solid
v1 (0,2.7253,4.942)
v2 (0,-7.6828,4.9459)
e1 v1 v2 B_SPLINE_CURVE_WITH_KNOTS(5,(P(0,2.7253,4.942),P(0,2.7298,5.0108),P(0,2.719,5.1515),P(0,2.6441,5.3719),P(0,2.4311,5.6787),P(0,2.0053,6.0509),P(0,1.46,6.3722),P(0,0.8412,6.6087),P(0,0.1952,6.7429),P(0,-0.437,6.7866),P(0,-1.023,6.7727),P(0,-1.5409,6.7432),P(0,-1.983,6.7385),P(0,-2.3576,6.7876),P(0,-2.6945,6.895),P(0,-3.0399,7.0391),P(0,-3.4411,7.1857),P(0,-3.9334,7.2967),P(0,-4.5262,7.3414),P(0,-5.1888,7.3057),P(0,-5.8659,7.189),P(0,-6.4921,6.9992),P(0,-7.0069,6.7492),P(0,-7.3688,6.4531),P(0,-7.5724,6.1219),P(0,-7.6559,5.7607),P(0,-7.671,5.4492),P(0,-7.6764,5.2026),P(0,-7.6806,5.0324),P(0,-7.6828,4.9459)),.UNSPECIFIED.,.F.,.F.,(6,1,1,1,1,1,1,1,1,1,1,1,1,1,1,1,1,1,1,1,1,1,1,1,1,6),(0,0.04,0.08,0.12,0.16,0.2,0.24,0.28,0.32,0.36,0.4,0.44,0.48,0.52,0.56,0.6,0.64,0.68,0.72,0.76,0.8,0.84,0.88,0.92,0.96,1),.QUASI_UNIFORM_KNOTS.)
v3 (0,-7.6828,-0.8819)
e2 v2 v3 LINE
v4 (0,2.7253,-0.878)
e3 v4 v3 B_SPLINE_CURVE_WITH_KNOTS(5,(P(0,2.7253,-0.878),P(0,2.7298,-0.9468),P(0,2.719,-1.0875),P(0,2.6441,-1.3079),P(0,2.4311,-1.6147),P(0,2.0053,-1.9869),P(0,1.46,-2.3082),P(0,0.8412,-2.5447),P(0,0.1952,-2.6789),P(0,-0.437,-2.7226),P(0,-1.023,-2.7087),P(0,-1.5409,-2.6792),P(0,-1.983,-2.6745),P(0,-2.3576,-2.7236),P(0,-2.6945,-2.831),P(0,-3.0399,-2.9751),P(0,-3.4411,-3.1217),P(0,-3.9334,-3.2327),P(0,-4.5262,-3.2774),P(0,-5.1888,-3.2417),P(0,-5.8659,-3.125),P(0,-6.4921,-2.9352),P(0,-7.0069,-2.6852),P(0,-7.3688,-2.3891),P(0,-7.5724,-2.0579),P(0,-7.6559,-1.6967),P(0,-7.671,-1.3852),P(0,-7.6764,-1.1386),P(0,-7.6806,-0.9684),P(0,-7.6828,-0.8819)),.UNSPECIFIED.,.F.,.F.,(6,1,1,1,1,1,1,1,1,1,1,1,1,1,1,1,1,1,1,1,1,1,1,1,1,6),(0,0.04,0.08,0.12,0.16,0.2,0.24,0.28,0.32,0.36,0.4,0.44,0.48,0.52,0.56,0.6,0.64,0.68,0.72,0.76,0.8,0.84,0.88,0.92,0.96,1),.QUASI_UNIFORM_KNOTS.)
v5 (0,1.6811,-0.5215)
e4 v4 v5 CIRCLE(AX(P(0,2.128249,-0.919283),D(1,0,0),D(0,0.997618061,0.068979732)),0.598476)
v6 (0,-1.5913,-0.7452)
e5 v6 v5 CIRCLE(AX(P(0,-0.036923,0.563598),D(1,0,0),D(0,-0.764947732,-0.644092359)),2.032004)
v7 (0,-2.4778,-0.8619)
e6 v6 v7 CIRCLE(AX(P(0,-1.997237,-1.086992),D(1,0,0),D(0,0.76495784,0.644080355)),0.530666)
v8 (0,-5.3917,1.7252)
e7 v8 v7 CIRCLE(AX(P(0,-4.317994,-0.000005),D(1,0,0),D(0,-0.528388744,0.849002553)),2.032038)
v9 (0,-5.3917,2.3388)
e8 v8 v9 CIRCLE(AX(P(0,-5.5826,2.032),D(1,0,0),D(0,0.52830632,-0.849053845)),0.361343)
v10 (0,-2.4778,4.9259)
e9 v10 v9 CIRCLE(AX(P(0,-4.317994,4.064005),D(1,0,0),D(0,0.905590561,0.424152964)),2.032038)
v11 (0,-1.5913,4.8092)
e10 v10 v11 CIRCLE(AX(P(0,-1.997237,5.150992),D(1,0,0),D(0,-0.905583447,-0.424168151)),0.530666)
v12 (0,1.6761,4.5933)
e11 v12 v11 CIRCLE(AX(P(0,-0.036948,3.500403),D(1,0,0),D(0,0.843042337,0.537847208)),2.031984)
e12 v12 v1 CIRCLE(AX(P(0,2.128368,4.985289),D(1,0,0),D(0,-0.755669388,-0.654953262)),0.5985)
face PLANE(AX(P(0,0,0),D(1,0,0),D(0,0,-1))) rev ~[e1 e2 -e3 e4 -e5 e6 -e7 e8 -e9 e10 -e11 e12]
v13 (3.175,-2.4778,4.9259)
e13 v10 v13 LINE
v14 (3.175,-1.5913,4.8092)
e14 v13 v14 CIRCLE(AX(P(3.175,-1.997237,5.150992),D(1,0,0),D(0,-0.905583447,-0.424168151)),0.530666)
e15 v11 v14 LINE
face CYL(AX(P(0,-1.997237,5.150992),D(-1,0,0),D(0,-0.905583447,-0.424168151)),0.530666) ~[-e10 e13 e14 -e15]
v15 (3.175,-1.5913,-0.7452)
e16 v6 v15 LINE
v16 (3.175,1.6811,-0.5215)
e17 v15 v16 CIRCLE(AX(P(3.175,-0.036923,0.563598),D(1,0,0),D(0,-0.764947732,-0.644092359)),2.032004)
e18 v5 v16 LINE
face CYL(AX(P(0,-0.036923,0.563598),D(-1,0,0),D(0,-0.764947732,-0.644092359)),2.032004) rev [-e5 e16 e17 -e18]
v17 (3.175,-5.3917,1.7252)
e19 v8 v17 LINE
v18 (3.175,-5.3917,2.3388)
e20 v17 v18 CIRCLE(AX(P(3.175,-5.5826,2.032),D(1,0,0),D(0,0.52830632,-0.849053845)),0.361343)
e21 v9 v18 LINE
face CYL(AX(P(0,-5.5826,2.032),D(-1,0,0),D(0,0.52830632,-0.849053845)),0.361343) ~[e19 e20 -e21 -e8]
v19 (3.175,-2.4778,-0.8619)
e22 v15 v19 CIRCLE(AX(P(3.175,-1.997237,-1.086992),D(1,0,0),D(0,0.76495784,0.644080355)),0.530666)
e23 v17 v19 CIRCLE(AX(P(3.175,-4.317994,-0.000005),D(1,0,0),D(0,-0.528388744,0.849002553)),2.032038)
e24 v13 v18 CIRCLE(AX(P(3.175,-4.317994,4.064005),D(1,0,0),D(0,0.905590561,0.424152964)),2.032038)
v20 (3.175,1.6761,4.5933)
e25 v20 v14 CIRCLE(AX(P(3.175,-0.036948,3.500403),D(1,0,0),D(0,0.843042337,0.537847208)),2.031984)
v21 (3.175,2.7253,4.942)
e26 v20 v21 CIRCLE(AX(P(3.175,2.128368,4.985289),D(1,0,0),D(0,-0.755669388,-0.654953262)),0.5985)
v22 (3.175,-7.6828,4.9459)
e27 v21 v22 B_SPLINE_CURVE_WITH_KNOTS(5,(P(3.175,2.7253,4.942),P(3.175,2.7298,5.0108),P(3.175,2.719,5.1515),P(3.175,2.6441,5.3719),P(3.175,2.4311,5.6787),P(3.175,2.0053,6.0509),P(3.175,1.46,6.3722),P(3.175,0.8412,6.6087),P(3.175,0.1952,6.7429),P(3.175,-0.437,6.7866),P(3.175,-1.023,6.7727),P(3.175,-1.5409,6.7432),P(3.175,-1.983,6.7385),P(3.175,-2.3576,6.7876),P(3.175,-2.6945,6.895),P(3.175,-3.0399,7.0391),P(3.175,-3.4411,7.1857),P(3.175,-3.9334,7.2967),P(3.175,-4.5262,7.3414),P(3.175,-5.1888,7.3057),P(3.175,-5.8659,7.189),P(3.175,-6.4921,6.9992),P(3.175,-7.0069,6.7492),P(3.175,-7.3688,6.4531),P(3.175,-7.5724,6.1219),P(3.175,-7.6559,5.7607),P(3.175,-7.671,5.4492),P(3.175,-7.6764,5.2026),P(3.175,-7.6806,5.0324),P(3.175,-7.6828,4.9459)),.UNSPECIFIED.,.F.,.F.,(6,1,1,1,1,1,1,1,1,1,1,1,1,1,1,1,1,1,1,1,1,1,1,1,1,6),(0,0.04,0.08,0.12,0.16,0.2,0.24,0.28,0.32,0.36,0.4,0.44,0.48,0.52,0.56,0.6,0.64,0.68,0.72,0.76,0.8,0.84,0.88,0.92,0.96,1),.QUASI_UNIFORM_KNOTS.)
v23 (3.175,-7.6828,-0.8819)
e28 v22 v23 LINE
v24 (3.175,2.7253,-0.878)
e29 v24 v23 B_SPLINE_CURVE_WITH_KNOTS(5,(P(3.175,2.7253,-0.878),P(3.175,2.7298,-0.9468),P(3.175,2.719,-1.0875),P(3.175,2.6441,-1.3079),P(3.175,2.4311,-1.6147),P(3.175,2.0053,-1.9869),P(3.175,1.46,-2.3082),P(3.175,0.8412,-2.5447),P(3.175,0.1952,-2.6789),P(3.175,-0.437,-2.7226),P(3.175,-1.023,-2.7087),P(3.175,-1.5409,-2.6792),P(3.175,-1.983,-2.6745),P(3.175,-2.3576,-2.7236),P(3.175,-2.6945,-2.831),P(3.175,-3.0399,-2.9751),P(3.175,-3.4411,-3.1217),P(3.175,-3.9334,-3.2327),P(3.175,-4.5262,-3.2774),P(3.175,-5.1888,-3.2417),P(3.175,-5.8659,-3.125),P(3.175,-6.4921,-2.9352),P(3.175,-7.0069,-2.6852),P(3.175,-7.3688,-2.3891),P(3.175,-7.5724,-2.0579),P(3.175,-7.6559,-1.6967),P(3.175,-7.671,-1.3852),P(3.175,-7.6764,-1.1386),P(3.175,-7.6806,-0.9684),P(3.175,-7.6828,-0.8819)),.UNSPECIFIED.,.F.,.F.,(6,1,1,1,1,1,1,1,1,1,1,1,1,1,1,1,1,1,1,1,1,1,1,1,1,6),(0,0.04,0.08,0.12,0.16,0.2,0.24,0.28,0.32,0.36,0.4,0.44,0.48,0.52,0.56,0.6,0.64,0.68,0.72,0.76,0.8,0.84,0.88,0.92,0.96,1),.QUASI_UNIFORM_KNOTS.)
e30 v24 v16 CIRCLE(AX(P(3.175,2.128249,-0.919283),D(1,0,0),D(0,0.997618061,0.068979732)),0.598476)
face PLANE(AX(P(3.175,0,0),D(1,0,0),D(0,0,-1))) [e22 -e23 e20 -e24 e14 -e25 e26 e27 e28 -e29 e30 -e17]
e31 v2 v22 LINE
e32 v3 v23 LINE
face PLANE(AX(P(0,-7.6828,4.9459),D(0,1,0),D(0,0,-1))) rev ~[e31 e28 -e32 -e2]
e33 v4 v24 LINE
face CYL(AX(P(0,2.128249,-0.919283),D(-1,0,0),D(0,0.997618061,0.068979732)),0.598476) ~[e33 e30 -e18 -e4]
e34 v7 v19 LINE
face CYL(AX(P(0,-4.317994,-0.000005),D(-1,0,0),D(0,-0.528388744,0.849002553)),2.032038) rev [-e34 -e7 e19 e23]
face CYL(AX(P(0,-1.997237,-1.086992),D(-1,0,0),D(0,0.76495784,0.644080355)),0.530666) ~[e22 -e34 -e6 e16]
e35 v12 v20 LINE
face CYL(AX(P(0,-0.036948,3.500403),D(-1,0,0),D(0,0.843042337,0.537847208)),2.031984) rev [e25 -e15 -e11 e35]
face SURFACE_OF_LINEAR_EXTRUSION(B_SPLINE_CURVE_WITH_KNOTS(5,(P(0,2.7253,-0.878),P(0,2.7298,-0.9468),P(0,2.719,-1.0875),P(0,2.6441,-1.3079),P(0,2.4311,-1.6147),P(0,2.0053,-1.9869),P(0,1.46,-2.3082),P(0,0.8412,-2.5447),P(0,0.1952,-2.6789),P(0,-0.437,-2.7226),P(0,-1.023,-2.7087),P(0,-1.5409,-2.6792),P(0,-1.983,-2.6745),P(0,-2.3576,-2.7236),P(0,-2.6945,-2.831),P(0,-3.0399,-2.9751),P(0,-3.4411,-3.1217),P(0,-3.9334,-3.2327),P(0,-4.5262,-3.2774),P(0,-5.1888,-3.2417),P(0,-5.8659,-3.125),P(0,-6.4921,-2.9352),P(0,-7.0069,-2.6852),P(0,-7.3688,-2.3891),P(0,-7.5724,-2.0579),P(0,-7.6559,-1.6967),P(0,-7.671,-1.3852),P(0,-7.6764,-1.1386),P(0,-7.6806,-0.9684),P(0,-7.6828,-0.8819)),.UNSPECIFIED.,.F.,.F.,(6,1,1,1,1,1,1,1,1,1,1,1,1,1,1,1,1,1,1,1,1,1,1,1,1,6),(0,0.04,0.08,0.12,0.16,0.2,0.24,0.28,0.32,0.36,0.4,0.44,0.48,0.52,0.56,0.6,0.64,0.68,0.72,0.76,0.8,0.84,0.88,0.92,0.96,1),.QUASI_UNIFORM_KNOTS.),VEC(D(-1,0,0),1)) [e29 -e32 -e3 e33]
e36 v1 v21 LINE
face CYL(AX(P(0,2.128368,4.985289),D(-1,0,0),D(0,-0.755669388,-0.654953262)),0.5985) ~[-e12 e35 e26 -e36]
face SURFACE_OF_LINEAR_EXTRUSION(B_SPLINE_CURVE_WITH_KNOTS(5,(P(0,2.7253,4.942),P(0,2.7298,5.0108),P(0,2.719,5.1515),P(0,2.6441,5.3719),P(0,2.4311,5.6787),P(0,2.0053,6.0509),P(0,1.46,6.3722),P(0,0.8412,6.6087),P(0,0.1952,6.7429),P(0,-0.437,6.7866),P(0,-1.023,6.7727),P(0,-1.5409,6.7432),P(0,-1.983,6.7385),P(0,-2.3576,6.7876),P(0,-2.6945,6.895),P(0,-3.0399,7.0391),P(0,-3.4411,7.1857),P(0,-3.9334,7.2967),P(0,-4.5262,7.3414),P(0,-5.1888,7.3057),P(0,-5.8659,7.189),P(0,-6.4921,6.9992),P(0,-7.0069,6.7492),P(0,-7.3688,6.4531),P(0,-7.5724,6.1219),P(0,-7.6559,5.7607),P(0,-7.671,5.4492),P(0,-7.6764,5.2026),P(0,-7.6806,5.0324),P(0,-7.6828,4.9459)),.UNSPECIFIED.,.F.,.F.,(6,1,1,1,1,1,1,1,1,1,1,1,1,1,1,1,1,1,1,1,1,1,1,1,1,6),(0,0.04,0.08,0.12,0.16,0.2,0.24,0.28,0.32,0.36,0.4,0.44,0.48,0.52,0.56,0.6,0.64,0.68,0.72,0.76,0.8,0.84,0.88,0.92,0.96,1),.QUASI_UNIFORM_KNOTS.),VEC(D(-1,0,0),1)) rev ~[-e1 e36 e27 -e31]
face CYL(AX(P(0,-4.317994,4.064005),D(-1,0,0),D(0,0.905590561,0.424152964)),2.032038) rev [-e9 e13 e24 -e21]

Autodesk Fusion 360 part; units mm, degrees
sketch "Sketch1" plane through (0, 0, 0) normal (1, 0, 0) x (0, 0, -1)
  arc A0 (-1.7252, -5.3917) -> (-2.3388, -5.3917) centre (-2.032, -5.5826) ccw
  arc A1 (-4.9259, -2.4778) -> (-4.8092, -1.5913) centre (-5.151, -1.9973) ccw
  arc A2 (-4.5933, 1.6761) -> (-4.8092, -1.5913) centre (-3.5004, -0.0369) ccw
  arc A3 (-4.5933, 1.6761) -> (-4.942, 2.7253) centre (-4.9853, 2.1284) ccw
  spline S0 degree 5 poles (-4.942, 2.7253) (-5.0108, 2.7298) (-5.1515, 2.719) (-5.3719, 2.6441) (-5.6787, 2.4311) (-6.0509, 2.0053) (-6.3722, 1.46) (-6.6087, 0.8412) (-6.7429, 0.1952) (-6.7866, -0.437) (-6.7727, -1.023) (-6.7432, -1.5409) (-6.7385, -1.983) (-6.7876, -2.3576) (-6.895, -2.6945) (-7.0391, -3.0399) (-7.1857, -3.4411) (-7.2967, -3.9334) (-7.3414, -4.5262) (-7.3057, -5.1888) (-7.189, -5.8659) (-6.9992, -6.4921) (-6.7492, -7.0069) (-6.4531, -7.3688) (-6.1219, -7.5724) (-5.7607, -7.6559) (-5.4492, -7.671) (-5.2026, -7.6764) (-5.0324, -7.6806) (-4.9459, -7.6828) knots 0 0 0 0 0 0 0.04 0.08 0.12 0.16 0.2 0.24 0.28 0.32 0.36 0.4 0.44 0.48 0.52 0.56 0.6 0.64 0.68 0.72 0.76 0.8 0.84 0.88 0.92 0.96 1 1 1 1 1 1
  line L0 (-4.3156, 2.6849) -> (-5.5683, 2.7657)
  line L1 (-6.1689, -7.651) -> (-3.7229, -7.7146)
  arc A4 (0.7452, -1.5913) -> (0.5215, 1.6811) centre (-0.5636, -0.0369) ccw
  arc A5 (0.7452, -1.5913) -> (0.8619, -2.4778) centre (1.087, -1.9973) ccw
  arc A6 (0.878, 2.7253) -> (0.5215, 1.6811) centre (0.9193, 2.1283) ccw
  arc A7 (-4.9259, -2.4778) -> (-2.3388, -5.3917) centre (-4.064, -4.318) ccw
  arc A8 (-1.7252, -5.3917) -> (0.8619, -2.4778) centre (0, -4.318) ccw
  spline S1 degree 5 poles (0.878, 2.7253) (0.9468, 2.7298) (1.0875, 2.719) (1.3079, 2.6441) (1.6147, 2.4311) (1.9869, 2.0053) (2.3082, 1.46) (2.5447, 0.8412) (2.6789, 0.1952) (2.7226, -0.437) (2.7087, -1.023) (2.6792, -1.5409) (2.6745, -1.983) (2.7236, -2.3576) (2.831, -2.6945) (2.9751, -3.0399) (3.1217, -3.4411) (3.2327, -3.9334) (3.2774, -4.5262) (3.2417, -5.1888) (3.125, -5.8659) (2.9352, -6.4921) (2.6852, -7.0069) (2.3891, -7.3688) (2.0579, -7.5724) (1.6967, -7.6559) (1.3852, -7.671) (1.1386, -7.6764) (0.9684, -7.6806) (0.8819, -7.6828) knots 0 0 0 0 0 0 0.04 0.08 0.12 0.16 0.2 0.24 0.28 0.32 0.36 0.4 0.44 0.48 0.52 0.56 0.6 0.64 0.68 0.72 0.76 0.8 0.84 0.88 0.92 0.96 1 1 1 1 1 1
  line L2 (0.2516, 2.6849) -> (1.5043, 2.7657)
  line L3 (2.1049, -7.651) -> (-0.3411, -7.7146)
  line L4 (-4.9459, -7.6828) -> (0.8819, -7.6828)
  point P0 (-6.604, 0.762)
  point P1 (-6.7719, -2.1775)
  point P2 (-7.2799, -3.9555)
  point P3 (-6.5179, -7.2575)
  point P4 (4.064, 0)
  point P5 (2.032, -5.5826)
  point P6 (4.064, 0)
  point P7 (2.032, -5.5826)
  point P8 (2.032, -5.2212)
  point P9 (1.7252, -5.3917)
  point P10 (2.54, 0.762)
  point P11 (2.7079, -2.1775)
  point P12 (3.2159, -3.9555)
  point P13 (2.4539, -7.2575)
extrude "Extrude1" add sketch "Sketch1" along normal blind 3.175 in component "Component"
extrude "Extrude2" [suppressed]
extrude "Extrude1'" [suppressed]
fillet "Fillet1" [suppressed]
component "Component" placed x (1, 0, 0) y (0, 1, 0) z (0, 0, 1) at (0, 0, 0)
